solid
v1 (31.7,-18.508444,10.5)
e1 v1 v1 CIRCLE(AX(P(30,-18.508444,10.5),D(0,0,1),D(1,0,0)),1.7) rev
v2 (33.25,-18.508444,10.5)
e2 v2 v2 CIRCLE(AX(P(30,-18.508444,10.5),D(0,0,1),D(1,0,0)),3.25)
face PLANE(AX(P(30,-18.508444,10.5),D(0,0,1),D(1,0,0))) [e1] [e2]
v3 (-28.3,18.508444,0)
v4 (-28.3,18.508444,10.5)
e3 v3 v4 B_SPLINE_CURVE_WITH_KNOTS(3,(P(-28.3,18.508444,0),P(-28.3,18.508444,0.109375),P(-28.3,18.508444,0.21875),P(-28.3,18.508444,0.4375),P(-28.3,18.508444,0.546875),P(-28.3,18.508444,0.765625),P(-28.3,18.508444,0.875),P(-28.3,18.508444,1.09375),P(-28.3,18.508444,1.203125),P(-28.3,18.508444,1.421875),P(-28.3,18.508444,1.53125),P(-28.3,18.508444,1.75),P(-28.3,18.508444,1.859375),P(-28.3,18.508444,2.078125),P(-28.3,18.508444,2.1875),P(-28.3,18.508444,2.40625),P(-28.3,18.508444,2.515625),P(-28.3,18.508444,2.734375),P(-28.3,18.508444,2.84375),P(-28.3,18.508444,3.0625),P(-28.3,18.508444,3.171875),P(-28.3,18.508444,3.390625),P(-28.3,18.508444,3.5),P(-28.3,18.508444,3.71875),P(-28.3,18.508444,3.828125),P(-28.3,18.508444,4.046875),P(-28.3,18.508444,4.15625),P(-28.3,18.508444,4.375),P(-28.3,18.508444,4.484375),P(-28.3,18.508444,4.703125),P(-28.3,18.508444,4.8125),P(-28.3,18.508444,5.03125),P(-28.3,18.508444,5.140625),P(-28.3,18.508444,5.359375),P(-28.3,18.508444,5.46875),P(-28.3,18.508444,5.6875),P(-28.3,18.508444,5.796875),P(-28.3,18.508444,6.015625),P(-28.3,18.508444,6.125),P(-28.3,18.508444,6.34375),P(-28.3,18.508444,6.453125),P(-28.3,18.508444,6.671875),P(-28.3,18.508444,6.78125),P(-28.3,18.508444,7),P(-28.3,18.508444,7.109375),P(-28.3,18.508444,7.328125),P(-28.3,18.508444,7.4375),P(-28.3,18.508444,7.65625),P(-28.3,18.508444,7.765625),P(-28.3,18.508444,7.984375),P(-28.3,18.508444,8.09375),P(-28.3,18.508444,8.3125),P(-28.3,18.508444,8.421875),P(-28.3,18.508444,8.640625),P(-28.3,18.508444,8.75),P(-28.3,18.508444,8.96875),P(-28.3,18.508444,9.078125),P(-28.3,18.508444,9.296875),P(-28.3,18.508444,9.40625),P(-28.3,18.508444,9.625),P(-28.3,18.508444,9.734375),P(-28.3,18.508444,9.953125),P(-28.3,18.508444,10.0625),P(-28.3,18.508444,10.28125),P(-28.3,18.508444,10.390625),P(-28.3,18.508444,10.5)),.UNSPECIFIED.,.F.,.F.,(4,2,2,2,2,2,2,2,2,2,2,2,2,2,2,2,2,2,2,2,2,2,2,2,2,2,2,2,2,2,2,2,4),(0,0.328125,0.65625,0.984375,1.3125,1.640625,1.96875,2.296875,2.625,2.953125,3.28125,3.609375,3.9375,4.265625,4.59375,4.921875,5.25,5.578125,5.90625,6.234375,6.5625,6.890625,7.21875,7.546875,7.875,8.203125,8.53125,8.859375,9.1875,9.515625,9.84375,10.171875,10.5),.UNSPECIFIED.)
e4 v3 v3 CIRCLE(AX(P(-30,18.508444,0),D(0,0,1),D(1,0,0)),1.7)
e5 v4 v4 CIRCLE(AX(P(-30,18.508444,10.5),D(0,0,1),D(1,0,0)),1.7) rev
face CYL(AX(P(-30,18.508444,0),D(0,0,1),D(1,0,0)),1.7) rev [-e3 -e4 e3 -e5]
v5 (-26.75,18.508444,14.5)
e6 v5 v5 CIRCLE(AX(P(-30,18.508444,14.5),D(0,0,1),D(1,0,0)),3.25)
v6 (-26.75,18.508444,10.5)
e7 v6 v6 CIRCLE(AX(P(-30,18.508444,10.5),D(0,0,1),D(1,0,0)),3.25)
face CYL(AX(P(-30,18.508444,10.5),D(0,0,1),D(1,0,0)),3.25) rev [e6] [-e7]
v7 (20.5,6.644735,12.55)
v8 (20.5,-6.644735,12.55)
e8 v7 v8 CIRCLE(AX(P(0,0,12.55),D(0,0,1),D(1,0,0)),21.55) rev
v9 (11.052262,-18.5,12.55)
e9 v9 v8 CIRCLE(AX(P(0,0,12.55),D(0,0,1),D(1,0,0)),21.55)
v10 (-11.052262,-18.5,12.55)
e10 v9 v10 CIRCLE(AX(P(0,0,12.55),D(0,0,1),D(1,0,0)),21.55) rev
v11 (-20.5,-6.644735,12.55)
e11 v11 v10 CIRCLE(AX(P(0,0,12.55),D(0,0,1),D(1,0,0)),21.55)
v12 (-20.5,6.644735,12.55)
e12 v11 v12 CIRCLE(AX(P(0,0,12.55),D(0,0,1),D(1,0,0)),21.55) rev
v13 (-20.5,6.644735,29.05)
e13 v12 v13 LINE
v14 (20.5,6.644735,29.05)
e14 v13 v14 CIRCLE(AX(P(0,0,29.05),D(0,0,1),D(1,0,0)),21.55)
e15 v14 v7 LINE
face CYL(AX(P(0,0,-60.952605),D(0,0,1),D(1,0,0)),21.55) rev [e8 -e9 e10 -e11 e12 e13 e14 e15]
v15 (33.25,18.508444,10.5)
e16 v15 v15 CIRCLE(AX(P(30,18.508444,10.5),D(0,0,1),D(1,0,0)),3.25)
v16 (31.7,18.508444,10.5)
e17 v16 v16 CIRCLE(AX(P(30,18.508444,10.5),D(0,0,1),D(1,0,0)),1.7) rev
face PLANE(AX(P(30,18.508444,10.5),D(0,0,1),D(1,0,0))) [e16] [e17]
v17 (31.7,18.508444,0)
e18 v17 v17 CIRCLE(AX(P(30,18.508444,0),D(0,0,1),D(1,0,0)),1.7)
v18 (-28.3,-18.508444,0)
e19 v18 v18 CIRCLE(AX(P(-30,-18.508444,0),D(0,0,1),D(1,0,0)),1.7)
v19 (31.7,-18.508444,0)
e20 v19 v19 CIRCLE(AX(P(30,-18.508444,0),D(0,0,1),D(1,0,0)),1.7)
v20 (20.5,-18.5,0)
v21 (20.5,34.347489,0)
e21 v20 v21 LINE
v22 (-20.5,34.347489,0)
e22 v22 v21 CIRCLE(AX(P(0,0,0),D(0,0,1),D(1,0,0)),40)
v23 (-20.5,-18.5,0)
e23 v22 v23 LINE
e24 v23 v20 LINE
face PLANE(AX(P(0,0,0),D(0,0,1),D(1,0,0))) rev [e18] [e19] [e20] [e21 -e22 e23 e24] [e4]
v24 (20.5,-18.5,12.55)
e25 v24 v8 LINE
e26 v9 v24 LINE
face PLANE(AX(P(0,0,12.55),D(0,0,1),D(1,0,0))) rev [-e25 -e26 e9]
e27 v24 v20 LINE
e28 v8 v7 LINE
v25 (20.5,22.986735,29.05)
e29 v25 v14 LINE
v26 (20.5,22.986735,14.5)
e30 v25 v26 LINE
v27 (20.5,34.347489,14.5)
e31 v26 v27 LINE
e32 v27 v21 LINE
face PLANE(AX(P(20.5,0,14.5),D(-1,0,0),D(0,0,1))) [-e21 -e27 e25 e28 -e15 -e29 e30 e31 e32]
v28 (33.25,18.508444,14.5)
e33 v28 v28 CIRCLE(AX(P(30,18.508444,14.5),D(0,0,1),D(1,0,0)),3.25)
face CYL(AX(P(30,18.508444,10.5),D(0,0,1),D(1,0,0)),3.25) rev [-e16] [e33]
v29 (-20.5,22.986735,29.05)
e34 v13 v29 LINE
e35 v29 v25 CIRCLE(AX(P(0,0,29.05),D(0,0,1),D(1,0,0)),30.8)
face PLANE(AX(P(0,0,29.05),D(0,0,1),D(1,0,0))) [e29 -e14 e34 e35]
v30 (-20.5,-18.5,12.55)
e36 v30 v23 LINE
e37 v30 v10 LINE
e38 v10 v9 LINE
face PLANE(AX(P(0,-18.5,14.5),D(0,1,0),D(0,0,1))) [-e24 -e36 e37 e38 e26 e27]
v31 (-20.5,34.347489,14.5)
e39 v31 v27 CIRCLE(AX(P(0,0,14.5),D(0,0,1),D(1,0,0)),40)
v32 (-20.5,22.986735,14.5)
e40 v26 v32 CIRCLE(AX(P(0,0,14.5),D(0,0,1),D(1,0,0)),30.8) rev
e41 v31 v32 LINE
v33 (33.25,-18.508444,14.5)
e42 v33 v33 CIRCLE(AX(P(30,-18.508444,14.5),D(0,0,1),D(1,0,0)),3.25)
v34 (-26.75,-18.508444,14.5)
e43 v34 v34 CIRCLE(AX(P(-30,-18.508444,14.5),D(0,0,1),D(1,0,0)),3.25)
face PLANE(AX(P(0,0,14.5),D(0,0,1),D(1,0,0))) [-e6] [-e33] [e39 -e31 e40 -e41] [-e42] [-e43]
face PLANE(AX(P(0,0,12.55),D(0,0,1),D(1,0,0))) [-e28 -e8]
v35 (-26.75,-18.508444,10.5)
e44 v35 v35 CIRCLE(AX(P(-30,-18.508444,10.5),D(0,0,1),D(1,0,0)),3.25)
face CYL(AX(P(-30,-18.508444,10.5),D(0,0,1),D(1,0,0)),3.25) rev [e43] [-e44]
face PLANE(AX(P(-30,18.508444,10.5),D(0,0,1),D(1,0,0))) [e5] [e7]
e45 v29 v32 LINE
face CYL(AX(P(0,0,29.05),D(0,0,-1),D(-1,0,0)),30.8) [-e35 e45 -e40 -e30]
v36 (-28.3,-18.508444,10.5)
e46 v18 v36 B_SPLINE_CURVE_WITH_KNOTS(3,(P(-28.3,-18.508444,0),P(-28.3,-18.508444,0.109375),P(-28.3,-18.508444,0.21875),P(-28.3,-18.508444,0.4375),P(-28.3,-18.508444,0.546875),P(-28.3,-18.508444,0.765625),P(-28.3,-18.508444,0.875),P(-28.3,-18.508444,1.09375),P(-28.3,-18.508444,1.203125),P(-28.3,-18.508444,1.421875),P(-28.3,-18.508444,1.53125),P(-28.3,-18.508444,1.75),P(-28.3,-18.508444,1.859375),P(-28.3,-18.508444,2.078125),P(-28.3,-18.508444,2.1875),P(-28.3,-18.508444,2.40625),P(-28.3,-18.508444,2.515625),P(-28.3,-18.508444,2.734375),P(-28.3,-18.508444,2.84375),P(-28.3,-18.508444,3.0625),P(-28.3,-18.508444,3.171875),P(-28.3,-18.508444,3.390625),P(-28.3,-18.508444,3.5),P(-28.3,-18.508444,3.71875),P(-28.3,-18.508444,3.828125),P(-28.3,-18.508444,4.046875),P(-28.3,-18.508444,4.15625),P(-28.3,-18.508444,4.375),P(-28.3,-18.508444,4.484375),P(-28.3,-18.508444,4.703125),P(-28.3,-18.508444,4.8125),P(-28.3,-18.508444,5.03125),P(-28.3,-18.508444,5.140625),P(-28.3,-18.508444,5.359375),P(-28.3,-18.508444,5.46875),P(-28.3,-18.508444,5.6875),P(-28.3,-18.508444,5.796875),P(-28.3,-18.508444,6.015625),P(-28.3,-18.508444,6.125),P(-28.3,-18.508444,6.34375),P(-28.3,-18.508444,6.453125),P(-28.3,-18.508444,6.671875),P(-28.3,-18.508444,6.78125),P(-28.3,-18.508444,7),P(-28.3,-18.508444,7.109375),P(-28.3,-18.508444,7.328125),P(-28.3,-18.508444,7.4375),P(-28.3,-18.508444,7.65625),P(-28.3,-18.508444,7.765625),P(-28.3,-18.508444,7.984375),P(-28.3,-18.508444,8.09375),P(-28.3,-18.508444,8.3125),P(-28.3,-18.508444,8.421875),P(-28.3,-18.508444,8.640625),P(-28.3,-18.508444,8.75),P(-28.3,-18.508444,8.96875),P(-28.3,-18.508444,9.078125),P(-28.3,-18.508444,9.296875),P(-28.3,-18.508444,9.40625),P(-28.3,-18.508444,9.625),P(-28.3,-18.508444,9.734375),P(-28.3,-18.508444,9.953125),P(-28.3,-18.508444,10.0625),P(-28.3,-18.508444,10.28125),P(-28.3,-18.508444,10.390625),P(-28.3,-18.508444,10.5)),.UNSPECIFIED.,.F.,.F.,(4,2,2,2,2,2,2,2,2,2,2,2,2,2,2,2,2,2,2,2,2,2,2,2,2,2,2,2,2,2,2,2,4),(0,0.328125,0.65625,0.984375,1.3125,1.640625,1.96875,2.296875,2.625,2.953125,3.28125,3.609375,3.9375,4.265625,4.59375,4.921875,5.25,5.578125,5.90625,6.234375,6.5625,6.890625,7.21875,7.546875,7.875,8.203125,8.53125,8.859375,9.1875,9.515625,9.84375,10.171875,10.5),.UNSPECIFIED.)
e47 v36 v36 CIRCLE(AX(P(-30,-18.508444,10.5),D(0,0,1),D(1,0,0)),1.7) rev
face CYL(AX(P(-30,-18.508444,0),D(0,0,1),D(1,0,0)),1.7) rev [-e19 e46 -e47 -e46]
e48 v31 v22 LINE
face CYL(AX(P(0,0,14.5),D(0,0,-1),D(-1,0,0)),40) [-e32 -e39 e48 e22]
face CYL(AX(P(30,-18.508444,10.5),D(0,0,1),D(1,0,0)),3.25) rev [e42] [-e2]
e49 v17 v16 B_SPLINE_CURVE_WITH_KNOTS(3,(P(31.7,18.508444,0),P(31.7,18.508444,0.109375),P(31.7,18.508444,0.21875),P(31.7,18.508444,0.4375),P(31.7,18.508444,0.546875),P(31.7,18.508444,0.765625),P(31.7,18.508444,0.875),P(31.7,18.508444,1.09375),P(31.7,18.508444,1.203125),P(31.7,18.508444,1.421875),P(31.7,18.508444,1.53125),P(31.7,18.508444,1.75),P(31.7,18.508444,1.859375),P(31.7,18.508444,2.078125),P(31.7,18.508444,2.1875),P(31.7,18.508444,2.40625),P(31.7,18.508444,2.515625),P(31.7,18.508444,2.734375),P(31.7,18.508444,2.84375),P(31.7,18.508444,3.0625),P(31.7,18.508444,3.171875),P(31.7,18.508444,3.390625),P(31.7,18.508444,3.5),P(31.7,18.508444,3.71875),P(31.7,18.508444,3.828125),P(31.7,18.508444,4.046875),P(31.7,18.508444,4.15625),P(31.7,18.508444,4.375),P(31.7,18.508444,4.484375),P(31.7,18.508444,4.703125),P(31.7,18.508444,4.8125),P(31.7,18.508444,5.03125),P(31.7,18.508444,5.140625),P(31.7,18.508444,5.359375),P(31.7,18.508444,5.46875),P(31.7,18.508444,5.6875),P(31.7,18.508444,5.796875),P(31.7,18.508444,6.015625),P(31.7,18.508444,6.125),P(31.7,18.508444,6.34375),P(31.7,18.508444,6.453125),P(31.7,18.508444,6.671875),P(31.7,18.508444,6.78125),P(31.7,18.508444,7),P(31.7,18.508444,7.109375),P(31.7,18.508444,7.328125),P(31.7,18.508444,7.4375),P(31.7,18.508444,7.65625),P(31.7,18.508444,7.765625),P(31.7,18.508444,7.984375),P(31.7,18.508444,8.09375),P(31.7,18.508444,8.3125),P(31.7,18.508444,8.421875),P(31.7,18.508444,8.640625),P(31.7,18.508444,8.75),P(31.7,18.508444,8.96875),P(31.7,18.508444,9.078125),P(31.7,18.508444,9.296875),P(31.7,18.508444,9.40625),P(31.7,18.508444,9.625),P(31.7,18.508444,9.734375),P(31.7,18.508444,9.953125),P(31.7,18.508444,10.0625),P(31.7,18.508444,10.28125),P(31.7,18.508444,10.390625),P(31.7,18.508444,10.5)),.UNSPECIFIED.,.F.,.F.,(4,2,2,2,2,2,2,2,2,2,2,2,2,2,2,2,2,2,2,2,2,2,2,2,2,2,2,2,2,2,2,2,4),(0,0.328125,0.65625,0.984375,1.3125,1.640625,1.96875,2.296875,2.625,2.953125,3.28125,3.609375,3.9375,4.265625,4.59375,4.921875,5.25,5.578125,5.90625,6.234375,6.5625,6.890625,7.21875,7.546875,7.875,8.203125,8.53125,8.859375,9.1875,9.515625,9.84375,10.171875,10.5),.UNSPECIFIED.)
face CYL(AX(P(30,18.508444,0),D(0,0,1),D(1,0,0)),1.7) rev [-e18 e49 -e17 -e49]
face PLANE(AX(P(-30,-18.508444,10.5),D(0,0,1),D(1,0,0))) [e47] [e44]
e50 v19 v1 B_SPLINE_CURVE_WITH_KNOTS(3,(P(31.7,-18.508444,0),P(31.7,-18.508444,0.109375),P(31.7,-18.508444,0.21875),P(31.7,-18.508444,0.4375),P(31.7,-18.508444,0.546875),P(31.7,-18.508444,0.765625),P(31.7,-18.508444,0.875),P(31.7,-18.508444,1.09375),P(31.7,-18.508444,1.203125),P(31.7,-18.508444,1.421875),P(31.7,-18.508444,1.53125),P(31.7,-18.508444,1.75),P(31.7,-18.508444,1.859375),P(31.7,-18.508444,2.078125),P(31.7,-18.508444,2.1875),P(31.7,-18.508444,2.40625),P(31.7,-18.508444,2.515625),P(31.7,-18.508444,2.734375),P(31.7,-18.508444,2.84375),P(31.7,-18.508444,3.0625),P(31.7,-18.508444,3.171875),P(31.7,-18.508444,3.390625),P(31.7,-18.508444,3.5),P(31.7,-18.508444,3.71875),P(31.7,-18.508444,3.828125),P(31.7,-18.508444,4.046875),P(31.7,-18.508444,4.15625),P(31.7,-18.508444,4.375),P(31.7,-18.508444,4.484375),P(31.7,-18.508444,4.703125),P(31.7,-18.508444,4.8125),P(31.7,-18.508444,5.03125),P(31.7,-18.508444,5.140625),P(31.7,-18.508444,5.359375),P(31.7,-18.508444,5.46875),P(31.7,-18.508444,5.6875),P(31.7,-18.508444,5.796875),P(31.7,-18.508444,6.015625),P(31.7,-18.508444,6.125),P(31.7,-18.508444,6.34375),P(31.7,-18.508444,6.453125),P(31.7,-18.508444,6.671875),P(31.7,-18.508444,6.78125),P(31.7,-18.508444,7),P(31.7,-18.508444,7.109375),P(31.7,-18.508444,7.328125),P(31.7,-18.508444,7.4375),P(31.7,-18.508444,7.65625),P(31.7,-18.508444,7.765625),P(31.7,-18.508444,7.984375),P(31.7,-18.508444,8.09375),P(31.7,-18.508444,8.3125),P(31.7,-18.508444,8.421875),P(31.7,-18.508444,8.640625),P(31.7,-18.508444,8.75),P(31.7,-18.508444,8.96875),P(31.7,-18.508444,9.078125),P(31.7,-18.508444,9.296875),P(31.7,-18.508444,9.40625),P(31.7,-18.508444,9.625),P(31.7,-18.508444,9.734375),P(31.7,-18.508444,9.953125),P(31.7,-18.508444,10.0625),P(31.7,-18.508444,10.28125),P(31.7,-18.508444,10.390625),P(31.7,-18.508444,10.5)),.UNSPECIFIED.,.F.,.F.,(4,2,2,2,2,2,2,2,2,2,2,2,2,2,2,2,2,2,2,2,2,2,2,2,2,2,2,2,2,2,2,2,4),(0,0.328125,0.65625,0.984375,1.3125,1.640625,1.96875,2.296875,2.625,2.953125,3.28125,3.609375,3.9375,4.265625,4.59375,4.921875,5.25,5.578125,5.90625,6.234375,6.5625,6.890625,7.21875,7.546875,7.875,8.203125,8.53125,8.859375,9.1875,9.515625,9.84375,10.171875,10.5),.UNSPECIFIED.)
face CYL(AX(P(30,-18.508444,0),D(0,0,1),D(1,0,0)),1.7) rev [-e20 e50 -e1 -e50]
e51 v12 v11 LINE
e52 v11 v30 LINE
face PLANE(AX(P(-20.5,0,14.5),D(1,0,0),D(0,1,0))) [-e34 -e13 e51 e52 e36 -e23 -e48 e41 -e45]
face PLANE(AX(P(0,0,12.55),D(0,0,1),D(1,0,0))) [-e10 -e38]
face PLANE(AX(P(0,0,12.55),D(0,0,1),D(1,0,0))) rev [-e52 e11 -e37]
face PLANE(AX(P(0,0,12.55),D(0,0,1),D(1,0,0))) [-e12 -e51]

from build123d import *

# Parameters (mm, degrees)
BOSS_EXTRUDE1_DEPTH = 14.5
SKETCH1_R           = 21.549999999999997
CUT_EXTRUDE1_DEPTH  = 1.95
BOSS_EXTRUDE3_START = 14.55
BOSS_EXTRUDE3_DEPTH = 16.5
SKETCH4_R           = 1.6999999999999995
CUT_EXTRUDE2_DEPTH  = 59.40978085903079
SKETCH5_R           = 3.2500000000000004
CUT_EXTRUDE3_DEPTH  = 4


with BuildPart() as part:
    # Sketch2 → Boss-Extrude1 (new body)
    with BuildSketch(Plane.XY):
        with BuildLine():
            Line((-20.50000000000001, -18.5), (-20.500000000000018, 34.34748899119118))
            ThreePointArc((-20.500000000000014, 34.347488991191184), (-19.7484176581315, -34.78505426185217), (40, -9.8e-15))
            ThreePointArc((40, 0), (34.785054261852174, 19.748417658131498), (20.500000000000004, 34.347488991191184))
            Line((20.5, 34.347488991191184), (20.5, -18.5))
            Line((20.500000000000004, -18.5), (-20.50000000000001, -18.5))
        make_face()
    extrude(amount=BOSS_EXTRUDE1_DEPTH)

    # Sketch1 → Cut-Extrude1 (cut)
    with BuildSketch(Plane.XY.offset(14.5)):
        Circle(SKETCH1_R)
    extrude(amount=-CUT_EXTRUDE1_DEPTH, mode=Mode.SUBTRACT)

    # Sketch1<3> → Boss-Extrude3 (add)
    with BuildSketch(Plane.XY.offset(14.5).offset(BOSS_EXTRUDE3_START)):
        with BuildLine():
            Line((20.5, -6.644734757685281), (20.5, -18.5))
            Line((20.5, -18.5), (11.052262211872641, -18.5))
            ThreePointArc((11.052262211872707, -18.500000000000284), (-5.0161e-13, -21.549999999999997), (-11.052262211873552, -18.49999999999978))
            Line((-11.0522622118736, -18.5), (-20.500000000000014, -18.5))
            Line((-20.50000000000001, -18.5), (-20.50000000000001, -6.644734757685747))
            ThreePointArc((-20.500000000000068, -6.644734757685756), (-21.549999999999997, 2.64e-15), (-20.500000000000064, 6.64473475768576))
            Line((-20.500000000000014, 6.644734757685754), (-20.500000000000018, 22.986735305389928))
            ThreePointArc((-20.499999999998952, 22.98673530538957), (-12.594443219135018, -28.107294426891826), (30.800000000000004, -7.54e-15))
            ThreePointArc((30.800000000000004, 0), (28.107294426892086, 12.594443219134437), (20.499999999999915, 22.98673530538871))
            Line((20.5, 22.98673530538874), (20.5, 6.644734757685303))
            ThreePointArc((20.500000000000203, 6.644734757685333), (21.285881471059685, 3.3635918301716967), (21.549999999999997, 0))
            ThreePointArc((21.549999999999997, -5.28e-15), (21.285881471059685, -3.3635918301717003), (20.500000000000206, -6.644734757685318))
        make_face()
        with BuildLine():
            Line((-20.500000000000014, -18.5), (-11.0522622118736, -18.5))
            ThreePointArc((-11.052262211873552, -18.49999999999978), (-16.852986120065246, -13.430538292893852), (-20.500000000000068, -6.644734757685756))
            Line((-20.50000000000001, -6.644734757685747), (-20.50000000000001, -18.5))
        make_face()
        with BuildLine():
            Line((11.052262211872641, -18.5), (20.5, -18.5))
            Line((20.5, -18.5), (20.5, -6.644734757685281))
            ThreePointArc((20.500000000000206, -6.644734757685318), (16.852986120065083, -13.430538292894052), (11.052262211872707, -18.500000000000284))
        make_face()
    extrude(amount=-BOSS_EXTRUDE3_DEPTH)

    # Sketch4 → Cut-Extrude2 (cut, through all)
    with BuildSketch(Plane.XY.offset(14.5)):
        with Locations((30, 18.508444018879594)):
            Circle(SKETCH4_R)
        with Locations((30, -18.508444018879594)):
            Circle(SKETCH4_R)
        with Locations((-30, 18.508444018879594)):
            Circle(SKETCH4_R)
        with Locations((-30, -18.508444018879594)):
            Circle(SKETCH4_R)
    extrude(amount=-CUT_EXTRUDE2_DEPTH, mode=Mode.SUBTRACT)

    # Sketch5 → Cut-Extrude3 (cut)
    with BuildSketch(Plane.XY.offset(14.5)):
        with Locations((-30, 18.508444018879594)):
            Circle(SKETCH5_R)
        with Locations((30, 18.508444018879594)):
            Circle(SKETCH5_R)
        with Locations((30, -18.508444018879594)):
            Circle(SKETCH5_R)
        with Locations((-30, -18.508444018879594)):
            Circle(SKETCH5_R)
    extrude(amount=-CUT_EXTRUDE3_DEPTH, mode=Mode.SUBTRACT)


solid = part.part
